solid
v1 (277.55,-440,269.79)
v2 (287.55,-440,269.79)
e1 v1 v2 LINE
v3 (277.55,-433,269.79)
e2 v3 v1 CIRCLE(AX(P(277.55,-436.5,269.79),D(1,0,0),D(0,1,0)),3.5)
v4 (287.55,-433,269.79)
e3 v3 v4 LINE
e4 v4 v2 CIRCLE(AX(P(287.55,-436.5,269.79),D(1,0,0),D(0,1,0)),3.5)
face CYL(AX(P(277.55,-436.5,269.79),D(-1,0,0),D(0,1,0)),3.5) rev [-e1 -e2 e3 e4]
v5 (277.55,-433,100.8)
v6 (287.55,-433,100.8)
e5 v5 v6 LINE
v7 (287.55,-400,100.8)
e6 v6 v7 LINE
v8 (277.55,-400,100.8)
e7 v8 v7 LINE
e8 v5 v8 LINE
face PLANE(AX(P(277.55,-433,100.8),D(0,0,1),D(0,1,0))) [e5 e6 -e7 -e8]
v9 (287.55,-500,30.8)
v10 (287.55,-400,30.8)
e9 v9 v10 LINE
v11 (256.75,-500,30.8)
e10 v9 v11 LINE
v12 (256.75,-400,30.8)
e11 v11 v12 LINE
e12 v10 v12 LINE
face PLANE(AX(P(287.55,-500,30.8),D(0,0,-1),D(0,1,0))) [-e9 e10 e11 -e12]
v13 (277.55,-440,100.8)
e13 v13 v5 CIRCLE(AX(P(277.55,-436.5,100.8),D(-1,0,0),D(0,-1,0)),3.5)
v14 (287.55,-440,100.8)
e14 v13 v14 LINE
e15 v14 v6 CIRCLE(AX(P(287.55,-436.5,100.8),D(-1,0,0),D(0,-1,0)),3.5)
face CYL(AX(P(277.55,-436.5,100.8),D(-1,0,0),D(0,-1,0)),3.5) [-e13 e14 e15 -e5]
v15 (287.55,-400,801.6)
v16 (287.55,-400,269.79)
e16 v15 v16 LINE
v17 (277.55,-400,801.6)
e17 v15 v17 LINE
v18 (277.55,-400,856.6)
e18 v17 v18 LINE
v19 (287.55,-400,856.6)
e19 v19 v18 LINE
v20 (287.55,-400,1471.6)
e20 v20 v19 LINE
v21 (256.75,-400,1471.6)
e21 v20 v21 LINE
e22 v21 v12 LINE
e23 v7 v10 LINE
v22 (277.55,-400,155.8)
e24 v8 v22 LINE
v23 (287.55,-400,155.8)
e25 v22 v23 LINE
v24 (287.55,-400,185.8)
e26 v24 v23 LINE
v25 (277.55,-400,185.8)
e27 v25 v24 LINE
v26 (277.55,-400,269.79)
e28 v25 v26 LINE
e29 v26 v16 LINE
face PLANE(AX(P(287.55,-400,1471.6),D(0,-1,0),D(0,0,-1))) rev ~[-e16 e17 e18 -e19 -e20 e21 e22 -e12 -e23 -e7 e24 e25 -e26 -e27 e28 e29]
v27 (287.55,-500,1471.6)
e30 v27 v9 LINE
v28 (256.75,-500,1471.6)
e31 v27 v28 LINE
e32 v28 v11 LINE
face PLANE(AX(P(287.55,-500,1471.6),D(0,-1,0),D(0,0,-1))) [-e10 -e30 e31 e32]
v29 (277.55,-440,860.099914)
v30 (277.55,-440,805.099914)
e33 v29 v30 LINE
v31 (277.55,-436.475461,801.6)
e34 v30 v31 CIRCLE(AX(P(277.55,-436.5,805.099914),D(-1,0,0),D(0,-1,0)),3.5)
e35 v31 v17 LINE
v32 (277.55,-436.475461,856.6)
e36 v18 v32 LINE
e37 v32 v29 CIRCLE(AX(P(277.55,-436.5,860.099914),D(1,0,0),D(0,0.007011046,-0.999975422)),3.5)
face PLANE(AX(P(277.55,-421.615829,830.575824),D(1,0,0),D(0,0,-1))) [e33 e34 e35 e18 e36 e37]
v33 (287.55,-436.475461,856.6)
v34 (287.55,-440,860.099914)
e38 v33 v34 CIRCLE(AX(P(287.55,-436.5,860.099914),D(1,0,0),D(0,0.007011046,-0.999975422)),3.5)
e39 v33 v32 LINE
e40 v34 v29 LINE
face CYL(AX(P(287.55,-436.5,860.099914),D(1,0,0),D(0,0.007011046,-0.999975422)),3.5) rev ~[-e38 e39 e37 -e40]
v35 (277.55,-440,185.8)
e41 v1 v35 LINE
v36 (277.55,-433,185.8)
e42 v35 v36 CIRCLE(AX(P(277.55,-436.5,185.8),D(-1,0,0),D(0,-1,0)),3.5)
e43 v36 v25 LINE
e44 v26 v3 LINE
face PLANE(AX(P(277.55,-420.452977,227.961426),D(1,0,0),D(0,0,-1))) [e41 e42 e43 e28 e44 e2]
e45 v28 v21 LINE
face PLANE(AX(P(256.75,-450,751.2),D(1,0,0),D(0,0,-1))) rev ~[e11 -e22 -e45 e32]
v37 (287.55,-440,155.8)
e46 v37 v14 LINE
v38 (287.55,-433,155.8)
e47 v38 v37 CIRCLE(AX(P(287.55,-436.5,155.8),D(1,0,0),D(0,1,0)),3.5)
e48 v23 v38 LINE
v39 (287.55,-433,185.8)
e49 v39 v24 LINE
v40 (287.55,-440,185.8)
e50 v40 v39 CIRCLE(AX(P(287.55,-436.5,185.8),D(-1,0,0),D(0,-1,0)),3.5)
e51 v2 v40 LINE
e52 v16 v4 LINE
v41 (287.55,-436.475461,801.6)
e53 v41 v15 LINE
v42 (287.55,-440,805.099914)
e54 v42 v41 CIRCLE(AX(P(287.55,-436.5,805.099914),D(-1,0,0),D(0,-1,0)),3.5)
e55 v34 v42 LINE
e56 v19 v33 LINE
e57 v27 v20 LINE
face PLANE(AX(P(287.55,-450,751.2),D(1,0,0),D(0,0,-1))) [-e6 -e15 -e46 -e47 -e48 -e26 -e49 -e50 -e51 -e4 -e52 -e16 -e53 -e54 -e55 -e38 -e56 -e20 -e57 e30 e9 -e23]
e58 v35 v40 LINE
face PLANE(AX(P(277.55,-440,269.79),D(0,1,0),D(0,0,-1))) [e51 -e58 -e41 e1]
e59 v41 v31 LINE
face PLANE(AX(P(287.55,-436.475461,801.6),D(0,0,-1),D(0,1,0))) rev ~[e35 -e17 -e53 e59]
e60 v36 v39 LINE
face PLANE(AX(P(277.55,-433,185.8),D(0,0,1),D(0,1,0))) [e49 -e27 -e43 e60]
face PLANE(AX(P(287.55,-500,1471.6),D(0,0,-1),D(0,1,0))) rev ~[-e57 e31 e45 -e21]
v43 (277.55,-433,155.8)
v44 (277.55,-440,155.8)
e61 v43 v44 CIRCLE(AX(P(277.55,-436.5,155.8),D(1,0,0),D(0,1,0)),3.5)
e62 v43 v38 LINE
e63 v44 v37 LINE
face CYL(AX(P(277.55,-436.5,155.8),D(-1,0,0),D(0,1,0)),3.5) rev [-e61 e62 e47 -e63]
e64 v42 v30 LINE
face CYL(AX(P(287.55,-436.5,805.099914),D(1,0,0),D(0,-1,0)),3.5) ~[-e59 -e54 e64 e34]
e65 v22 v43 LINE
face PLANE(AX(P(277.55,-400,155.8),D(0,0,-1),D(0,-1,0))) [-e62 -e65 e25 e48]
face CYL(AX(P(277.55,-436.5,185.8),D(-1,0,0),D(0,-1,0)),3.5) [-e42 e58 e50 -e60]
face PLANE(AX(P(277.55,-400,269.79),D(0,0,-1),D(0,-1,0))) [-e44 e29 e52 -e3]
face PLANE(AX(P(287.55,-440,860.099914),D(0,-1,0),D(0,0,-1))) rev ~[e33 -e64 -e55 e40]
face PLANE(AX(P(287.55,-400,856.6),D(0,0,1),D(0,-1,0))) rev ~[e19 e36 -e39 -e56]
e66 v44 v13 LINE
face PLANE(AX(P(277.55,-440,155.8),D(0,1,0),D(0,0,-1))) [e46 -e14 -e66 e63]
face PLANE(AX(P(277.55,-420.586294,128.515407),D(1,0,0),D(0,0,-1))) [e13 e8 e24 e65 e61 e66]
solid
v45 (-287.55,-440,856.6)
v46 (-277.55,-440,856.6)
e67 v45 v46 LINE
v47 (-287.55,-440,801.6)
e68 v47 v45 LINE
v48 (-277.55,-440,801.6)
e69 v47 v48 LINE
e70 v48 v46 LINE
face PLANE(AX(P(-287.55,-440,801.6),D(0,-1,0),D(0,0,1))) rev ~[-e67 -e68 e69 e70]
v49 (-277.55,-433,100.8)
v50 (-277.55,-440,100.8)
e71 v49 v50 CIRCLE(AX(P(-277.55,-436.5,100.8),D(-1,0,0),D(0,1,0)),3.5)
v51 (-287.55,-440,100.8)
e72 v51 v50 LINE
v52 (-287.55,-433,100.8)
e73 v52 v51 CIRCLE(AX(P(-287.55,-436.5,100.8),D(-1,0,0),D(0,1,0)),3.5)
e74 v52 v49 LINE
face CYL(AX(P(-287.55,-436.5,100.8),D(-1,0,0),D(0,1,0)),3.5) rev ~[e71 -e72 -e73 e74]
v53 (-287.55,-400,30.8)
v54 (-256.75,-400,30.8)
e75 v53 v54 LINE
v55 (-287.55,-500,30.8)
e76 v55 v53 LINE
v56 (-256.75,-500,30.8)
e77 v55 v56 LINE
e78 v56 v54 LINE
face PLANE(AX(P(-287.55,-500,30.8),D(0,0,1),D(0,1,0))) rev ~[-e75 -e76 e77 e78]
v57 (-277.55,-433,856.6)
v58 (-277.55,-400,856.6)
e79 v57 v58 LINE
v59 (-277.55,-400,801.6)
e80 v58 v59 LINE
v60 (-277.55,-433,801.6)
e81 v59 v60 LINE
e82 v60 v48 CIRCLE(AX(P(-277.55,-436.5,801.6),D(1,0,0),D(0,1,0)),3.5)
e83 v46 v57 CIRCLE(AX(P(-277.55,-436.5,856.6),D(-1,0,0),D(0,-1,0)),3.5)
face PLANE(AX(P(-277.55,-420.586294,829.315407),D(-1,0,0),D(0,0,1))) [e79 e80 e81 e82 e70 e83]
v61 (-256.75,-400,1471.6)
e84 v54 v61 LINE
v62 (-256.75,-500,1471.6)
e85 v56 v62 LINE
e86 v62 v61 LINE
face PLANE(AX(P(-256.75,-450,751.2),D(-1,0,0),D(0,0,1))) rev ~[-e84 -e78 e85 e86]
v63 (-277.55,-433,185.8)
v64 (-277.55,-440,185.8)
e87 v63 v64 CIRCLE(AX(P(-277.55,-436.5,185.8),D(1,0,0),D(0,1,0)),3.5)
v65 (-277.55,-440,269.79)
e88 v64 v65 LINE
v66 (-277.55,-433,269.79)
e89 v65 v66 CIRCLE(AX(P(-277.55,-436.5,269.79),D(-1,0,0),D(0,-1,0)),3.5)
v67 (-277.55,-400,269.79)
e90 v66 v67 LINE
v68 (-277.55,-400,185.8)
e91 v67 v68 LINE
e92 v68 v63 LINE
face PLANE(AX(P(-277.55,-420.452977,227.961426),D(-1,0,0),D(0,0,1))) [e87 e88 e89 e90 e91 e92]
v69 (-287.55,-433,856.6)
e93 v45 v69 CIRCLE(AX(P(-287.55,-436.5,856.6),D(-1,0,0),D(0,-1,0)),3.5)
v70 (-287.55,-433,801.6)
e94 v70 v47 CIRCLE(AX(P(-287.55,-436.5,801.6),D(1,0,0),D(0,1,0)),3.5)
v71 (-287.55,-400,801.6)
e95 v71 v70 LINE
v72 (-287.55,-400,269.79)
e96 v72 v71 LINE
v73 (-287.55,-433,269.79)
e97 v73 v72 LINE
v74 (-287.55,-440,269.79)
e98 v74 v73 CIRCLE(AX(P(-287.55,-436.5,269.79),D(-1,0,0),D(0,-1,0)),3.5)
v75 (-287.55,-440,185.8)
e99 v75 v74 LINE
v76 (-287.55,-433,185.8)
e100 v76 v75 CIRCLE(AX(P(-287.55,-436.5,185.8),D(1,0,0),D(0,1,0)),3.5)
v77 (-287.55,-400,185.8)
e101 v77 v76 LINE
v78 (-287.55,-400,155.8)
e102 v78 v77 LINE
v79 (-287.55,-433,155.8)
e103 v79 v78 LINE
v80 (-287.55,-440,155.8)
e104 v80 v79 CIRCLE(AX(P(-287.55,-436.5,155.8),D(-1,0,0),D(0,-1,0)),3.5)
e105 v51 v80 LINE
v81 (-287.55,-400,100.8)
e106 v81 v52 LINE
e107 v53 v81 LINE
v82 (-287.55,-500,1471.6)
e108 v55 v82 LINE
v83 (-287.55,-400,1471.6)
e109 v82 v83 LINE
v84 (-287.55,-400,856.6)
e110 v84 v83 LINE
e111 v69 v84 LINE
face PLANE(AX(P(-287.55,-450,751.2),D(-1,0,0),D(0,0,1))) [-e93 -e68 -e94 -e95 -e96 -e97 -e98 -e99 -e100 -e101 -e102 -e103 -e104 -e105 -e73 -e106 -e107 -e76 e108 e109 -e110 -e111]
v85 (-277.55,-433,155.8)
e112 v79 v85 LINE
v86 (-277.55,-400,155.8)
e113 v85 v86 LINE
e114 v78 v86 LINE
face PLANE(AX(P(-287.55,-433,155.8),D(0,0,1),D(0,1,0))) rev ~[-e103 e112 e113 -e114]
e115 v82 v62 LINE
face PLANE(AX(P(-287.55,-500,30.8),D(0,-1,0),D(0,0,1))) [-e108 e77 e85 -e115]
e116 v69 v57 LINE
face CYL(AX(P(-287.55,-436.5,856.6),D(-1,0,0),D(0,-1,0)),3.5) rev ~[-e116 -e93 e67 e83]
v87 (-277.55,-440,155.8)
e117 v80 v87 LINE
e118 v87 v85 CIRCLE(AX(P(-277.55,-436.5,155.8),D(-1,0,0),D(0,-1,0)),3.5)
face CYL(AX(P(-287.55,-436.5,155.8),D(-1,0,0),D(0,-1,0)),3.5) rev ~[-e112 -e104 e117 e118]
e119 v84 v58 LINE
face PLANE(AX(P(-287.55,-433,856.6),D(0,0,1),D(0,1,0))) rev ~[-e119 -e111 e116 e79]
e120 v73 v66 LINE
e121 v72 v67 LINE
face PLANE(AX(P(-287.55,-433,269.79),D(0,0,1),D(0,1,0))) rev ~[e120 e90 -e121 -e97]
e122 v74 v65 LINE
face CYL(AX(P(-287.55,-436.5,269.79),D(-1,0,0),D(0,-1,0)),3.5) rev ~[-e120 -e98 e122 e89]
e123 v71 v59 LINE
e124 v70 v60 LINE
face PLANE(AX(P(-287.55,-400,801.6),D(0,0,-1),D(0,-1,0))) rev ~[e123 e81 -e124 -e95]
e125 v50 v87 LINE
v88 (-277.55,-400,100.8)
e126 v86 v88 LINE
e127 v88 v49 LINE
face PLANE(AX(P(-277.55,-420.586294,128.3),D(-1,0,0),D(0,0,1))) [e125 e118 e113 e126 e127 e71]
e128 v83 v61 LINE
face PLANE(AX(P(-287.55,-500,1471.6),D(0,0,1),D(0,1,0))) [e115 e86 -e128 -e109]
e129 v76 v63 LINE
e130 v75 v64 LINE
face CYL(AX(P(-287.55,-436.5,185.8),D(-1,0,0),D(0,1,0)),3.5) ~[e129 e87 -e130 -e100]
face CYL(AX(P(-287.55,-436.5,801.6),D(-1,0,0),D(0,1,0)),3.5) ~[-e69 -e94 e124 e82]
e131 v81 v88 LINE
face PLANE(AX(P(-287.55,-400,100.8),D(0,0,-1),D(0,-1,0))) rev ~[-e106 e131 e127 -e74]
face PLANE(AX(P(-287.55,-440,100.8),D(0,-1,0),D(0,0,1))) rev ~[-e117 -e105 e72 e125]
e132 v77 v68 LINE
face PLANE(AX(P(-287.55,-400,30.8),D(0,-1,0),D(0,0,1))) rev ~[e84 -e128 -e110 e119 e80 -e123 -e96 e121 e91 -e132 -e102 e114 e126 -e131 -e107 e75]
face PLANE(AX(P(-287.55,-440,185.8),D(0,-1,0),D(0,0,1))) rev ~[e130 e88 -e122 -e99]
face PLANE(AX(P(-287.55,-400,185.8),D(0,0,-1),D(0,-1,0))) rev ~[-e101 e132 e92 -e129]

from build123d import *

# Parameters (mm, degrees)
SKETCH8_W           = 1440.8
SKETCH8_H           = 100
BOSS_EXTRUDE2_DEPTH = 30.8
CUT_EXTRUDE4_DEPTH  = 10
CUT_EXTRUDE5_DEPTH  = 10
CUT_EXTRUDE6_DEPTH  = 10
SKETCH16_W          = 1440.8
SKETCH16_H          = 100
BOSS_EXTRUDE3_DEPTH = 30.8
CUT_EXTRUDE7_DEPTH  = 10
CUT_EXTRUDE8_START  = -10
CUT_EXTRUDE8_DEPTH  = 10
CUT_EXTRUDE9_START  = -10
CUT_EXTRUDE9_DEPTH  = 10


with BuildPart() as part:
    # Sketch8 → Boss-Extrude2 (new body)
    with BuildSketch(Plane.ZY.offset(287.55)):
        with Locations((751.2, -450)):
            Rectangle(SKETCH8_W, SKETCH8_H)
    extrude(amount=-BOSS_EXTRUDE2_DEPTH)

    # Sketch9 → Cut-Extrude4 (cut)
    with BuildSketch(Plane.ZY.offset(287.55)):
        with BuildLine():
            Line((155.8, -433), (155.8, -400))
            Line((155.8, -400), (100.8, -400))
            Line((100.8, -400), (100.8, -433))
            ThreePointArc((100.8, -433), (97.3, -436.5), (100.8, -440))
            Line((100.8, -440), (155.8, -440))
            ThreePointArc((155.8, -440), (159.3, -436.5), (155.8, -433))
        make_face()
    extrude(amount=-CUT_EXTRUDE4_DEPTH, mode=Mode.SUBTRACT)

    # Sketch10 → Cut-Extrude5 (cut)
    with BuildSketch(Plane.ZY.offset(287.55)):
        with BuildLine():
            Line((269.79, -433), (269.79, -400))
            Line((269.79, -400), (185.8, -400))
            Line((185.8, -400), (185.8, -433))
            ThreePointArc((185.8, -433), (189.3, -436.5), (185.8, -440))
            Line((185.8, -440), (269.79, -440))
            ThreePointArc((269.79, -440), (273.29, -436.5), (269.79, -433))
        make_face()
    extrude(amount=-CUT_EXTRUDE5_DEPTH, mode=Mode.SUBTRACT)

    # Sketch11 → Cut-Extrude6 (cut)
    with BuildSketch(Plane.ZY.offset(287.55)):
        with BuildLine():
            Line((856.6, -433), (856.6, -400))
            Line((856.6, -400), (801.6, -400))
            Line((801.6, -400), (801.6, -433))
            ThreePointArc((801.6, -433), (805.1, -436.5), (801.6, -440))
            Line((801.6, -440), (856.6, -440))
            ThreePointArc((856.6, -440), (860.1, -436.5), (856.6, -433))
        make_face()
    extrude(amount=-CUT_EXTRUDE6_DEPTH, mode=Mode.SUBTRACT)


with BuildPart() as body_2:
    # Sketch16 → Boss-Extrude3 (new body)
    with BuildSketch(Plane(origin=(287.55, 0, 0), x_dir=(0, 0, -1), z_dir=(1, 0, 0))):
        with Locations((-751.2, -450)):
            Rectangle(SKETCH16_W, SKETCH16_H)
    extrude(amount=-BOSS_EXTRUDE3_DEPTH)

    # Sketch17 → Cut-Extrude7 (cut)
    with BuildSketch(Plane(origin=(287.55, 0, 0), x_dir=(0, 0, -1), z_dir=(1, 0, 0))):
        with BuildLine():
            Line((-856.6, -400), (-856.6, -436.47546134))
            ThreePointArc((-856.6, -436.47546134), (-862.583448285, -434.033817252), (-860.099913978, -440))
            Line((-860.099913978, -440), (-805.099913978, -440))
            ThreePointArc((-805.099913978, -440), (-807.583448285, -434.033817252), (-801.6, -436.47546134))
            Line((-801.6, -436.47546134), (-801.6, -400))
            Line((-801.6, -400), (-856.6, -400))
        make_face()
    extrude(amount=-CUT_EXTRUDE7_DEPTH, mode=Mode.SUBTRACT)

    # Sketch18 → Cut-Extrude8 (cut)
    with BuildSketch(Plane(origin=(287.55, 0, 0), x_dir=(0, 0, -1), z_dir=(1, 0, 0)).offset(CUT_EXTRUDE8_START)):
        with BuildLine():
            Line((-269.79, -400), (-269.79, -433))
            ThreePointArc((-269.79, -433), (-273.29, -436.5), (-269.79, -440))
            Line((-269.79, -440), (-185.8, -440))
            ThreePointArc((-185.8, -440), (-189.3, -436.5), (-185.8, -433))
            Line((-185.8, -433), (-185.8, -400))
            Line((-185.8, -400), (-269.79, -400))
        make_face()
    extrude(amount=CUT_EXTRUDE8_DEPTH, mode=Mode.SUBTRACT)

    # Sketch19 → Cut-Extrude9 (cut)
    with BuildSketch(Plane(origin=(287.55, 0, 0), x_dir=(0, 0, -1), z_dir=(1, 0, 0)).offset(CUT_EXTRUDE9_START)):
        with BuildLine():
            Line((-155.8, -400), (-155.8, -433))
            ThreePointArc((-155.8, -433), (-159.3, -436.5), (-155.8, -440))
            Line((-155.8, -440), (-100.8, -440))
            ThreePointArc((-100.8, -440), (-104.3, -436.5), (-100.8, -433))
            Line((-100.8, -433), (-100.8, -400))
            Line((-100.8, -400), (-155.8, -400))
        make_face()
    extrude(amount=CUT_EXTRUDE9_DEPTH, mode=Mode.SUBTRACT)


solid = Compound([part.part, body_2.part])
